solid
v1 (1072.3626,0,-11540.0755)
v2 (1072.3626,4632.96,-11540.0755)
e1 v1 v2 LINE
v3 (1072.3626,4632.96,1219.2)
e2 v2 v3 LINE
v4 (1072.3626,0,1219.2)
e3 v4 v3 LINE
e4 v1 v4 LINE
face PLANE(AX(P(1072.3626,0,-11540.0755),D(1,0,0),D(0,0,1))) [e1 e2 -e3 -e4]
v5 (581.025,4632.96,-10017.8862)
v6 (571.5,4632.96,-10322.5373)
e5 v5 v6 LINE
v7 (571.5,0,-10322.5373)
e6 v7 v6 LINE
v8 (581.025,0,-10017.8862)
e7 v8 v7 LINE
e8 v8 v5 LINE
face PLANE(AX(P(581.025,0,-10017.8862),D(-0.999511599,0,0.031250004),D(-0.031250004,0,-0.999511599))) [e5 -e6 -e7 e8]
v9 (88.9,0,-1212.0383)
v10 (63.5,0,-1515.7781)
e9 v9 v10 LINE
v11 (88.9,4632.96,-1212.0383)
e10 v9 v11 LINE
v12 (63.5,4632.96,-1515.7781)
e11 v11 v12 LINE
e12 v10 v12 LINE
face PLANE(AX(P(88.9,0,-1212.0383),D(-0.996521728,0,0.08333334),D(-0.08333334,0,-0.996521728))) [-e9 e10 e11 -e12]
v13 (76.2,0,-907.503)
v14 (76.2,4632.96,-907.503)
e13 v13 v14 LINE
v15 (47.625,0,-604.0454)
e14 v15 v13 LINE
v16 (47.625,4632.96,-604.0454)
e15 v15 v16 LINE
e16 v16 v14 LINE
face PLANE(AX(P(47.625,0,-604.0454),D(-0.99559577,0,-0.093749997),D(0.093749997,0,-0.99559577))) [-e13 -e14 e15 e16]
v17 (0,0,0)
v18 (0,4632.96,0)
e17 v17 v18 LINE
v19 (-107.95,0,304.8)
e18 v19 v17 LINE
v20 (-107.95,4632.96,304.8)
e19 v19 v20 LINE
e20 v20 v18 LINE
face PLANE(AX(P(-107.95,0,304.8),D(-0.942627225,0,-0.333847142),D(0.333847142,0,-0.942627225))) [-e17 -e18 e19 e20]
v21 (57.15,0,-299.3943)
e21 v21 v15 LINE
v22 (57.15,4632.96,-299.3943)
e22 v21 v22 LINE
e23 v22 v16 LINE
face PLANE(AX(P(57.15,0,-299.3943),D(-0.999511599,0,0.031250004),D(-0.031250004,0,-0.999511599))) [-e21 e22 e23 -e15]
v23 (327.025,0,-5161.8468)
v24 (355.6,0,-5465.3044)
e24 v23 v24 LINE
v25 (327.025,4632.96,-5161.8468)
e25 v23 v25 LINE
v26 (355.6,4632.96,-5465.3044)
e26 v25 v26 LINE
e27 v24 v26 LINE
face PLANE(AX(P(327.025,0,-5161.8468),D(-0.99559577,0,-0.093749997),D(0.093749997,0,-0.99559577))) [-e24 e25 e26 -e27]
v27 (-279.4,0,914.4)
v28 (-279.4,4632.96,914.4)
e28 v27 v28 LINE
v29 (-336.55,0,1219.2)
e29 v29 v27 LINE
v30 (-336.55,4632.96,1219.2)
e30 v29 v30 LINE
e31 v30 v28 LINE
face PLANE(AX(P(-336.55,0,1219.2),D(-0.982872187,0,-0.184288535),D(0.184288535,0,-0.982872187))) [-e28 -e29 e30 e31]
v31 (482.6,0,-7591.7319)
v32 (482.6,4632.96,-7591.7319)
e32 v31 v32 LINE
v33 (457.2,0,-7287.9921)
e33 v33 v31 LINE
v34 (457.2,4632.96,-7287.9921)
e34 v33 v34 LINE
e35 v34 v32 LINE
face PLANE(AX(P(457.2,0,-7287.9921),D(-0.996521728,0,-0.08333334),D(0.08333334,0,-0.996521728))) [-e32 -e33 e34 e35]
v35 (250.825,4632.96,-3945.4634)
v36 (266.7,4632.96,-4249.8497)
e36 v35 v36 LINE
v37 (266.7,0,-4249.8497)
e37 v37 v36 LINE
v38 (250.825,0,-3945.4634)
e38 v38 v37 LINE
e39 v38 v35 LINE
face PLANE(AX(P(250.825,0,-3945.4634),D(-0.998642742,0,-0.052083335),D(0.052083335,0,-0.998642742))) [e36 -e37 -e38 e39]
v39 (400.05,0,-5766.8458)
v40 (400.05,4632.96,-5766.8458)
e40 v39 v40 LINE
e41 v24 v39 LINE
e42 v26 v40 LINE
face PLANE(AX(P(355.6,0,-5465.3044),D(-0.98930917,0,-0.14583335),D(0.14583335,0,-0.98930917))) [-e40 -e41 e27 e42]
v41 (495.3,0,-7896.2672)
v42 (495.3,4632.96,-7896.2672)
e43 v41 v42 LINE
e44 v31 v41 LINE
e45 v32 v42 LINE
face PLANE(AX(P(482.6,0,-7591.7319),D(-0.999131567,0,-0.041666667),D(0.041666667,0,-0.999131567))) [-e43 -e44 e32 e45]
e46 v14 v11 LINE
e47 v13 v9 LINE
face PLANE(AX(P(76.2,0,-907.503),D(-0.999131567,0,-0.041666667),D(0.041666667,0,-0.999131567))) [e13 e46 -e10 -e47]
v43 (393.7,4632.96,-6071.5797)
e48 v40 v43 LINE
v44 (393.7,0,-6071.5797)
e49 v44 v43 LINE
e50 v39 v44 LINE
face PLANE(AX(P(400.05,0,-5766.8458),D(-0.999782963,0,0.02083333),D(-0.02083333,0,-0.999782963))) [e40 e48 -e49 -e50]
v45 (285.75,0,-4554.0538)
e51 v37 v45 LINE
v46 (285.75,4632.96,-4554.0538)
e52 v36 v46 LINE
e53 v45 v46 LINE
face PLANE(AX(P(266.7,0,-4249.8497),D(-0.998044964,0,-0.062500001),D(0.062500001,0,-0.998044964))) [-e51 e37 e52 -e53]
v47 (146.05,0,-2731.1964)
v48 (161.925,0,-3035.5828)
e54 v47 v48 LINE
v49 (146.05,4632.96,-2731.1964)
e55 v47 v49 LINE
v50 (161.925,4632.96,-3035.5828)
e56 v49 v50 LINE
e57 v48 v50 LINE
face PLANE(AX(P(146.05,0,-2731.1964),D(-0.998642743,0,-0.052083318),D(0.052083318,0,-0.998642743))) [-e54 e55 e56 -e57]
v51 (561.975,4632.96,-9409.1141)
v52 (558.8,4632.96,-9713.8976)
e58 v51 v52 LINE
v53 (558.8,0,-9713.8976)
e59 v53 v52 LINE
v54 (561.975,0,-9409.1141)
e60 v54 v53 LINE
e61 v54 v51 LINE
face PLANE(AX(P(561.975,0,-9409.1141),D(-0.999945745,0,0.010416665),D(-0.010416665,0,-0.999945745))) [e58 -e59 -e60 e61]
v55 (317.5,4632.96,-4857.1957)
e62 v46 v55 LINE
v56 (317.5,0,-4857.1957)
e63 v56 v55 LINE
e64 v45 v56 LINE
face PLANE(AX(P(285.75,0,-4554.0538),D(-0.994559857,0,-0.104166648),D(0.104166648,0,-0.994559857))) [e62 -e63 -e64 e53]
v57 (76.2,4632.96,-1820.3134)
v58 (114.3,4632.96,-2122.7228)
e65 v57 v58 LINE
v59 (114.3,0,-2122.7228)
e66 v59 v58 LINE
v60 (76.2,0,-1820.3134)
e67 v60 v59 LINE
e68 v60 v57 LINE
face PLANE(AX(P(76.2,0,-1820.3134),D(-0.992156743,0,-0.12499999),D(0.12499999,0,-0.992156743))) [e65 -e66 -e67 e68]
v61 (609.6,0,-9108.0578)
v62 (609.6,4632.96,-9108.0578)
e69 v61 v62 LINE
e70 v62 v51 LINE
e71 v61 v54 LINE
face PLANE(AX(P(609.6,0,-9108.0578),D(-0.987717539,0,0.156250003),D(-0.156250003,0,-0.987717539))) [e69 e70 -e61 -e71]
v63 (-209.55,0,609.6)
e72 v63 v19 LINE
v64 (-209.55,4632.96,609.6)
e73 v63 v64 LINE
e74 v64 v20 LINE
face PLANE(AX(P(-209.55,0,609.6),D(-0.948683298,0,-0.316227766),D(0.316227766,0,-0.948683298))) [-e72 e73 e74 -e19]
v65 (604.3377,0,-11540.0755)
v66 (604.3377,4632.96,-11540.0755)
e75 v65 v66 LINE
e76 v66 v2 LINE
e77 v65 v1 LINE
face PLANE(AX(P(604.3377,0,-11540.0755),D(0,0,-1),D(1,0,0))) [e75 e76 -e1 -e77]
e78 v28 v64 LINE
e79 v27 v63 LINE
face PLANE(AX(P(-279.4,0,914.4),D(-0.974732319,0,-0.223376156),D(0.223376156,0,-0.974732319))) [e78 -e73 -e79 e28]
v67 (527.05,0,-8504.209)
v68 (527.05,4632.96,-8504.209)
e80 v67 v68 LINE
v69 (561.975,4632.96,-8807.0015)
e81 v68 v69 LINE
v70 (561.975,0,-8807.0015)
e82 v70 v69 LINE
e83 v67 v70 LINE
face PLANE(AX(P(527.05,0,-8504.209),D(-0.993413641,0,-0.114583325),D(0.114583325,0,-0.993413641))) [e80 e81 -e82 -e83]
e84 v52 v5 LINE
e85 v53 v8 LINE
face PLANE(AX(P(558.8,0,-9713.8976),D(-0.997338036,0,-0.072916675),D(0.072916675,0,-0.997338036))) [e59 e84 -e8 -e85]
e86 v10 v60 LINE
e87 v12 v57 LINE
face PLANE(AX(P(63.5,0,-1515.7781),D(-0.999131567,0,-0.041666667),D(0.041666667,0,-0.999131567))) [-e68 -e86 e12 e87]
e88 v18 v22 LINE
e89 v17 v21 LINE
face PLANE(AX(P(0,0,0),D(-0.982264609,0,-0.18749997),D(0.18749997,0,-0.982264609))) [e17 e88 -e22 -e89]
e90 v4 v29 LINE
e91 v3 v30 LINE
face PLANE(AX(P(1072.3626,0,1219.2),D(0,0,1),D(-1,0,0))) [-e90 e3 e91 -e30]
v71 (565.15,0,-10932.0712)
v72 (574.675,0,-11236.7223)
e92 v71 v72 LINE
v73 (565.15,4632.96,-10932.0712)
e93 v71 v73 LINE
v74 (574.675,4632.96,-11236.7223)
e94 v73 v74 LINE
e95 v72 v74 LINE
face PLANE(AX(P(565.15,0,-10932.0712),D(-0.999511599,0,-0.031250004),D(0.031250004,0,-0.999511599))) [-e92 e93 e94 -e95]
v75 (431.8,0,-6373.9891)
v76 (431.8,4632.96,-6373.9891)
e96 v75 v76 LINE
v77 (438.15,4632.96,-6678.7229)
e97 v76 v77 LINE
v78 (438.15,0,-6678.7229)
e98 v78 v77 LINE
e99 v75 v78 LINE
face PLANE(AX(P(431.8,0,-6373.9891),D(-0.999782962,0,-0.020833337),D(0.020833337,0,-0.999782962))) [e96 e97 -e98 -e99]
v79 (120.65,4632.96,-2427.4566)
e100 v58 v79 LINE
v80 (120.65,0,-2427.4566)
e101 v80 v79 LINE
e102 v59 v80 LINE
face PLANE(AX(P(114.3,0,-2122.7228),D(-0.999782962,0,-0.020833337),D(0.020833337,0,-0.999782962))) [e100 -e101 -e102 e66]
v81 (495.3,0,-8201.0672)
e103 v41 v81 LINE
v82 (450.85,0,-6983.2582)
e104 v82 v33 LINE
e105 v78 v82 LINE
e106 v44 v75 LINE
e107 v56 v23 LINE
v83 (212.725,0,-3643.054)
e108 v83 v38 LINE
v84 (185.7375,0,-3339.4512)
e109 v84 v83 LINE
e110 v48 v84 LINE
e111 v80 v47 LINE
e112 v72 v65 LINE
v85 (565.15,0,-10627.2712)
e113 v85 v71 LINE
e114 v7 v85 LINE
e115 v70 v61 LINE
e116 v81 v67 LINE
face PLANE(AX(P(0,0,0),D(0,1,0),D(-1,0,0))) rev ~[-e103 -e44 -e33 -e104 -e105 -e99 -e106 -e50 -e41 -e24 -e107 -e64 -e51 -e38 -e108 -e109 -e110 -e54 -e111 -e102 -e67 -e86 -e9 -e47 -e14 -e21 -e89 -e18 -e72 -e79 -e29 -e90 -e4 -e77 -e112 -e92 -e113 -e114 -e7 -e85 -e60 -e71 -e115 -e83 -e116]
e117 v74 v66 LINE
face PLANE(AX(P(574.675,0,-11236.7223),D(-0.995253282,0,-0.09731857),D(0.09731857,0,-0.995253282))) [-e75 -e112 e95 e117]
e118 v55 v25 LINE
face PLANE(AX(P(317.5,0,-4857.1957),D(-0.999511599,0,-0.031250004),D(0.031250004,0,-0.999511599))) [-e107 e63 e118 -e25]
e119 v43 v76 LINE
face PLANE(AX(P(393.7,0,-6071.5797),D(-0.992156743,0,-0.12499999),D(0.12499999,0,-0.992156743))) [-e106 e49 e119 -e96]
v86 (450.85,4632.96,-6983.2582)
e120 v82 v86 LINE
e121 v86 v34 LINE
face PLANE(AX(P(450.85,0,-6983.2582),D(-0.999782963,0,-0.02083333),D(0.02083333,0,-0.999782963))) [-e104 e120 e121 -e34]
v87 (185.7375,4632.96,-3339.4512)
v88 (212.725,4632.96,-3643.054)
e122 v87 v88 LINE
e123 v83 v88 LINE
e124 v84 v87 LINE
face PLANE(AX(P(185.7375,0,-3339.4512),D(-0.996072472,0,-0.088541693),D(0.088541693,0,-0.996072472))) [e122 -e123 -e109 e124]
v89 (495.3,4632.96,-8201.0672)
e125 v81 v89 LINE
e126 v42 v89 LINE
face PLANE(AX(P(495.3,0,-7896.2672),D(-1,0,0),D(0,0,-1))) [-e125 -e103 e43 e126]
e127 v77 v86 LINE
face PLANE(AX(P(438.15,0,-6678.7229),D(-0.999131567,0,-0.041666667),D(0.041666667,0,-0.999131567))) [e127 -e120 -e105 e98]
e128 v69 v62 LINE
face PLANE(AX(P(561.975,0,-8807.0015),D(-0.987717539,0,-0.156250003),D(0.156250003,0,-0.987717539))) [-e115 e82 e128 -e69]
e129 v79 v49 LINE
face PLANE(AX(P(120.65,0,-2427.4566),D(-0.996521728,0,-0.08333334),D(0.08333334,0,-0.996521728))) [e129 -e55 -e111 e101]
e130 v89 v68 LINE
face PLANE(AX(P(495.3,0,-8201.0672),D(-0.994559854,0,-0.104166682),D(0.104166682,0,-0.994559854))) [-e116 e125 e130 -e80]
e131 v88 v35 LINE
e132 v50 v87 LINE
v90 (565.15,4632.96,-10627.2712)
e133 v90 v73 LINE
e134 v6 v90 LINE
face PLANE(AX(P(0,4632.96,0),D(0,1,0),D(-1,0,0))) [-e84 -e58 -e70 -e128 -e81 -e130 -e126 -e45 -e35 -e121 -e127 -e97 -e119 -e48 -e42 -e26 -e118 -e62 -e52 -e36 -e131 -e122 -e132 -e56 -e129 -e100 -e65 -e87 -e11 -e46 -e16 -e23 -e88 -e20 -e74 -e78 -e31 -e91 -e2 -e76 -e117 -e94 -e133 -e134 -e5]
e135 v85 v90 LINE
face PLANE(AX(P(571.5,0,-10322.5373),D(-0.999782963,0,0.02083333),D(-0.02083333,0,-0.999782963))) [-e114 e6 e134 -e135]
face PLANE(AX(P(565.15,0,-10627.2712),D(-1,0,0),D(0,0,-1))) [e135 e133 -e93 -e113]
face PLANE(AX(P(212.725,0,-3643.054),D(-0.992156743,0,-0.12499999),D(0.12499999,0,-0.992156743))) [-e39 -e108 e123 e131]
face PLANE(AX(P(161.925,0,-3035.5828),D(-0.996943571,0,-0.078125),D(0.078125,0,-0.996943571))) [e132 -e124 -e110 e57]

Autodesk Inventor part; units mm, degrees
ref_plane "XZ Plane" through (0, 0, 0) normal (0, 1, 0) x (-1, 0, 0)
sketch "Sketch1" plane through (0, 0, 0) normal (0, 1, 0) x (-1, 0, 0)
  line L0 (368.3, 1219.2) -> (368.3, -11582.4)
  line L1 (368.3, 1219.2) -> (336.55, 1219.2)
  line L2 (336.55, 1219.2) -> (279.4, 914.4)
  line L3 (279.4, 914.4) -> (209.55, 609.6)
  line L4 (209.55, 609.6) -> (107.95, 304.8)
  line L5 (107.95, 304.8) -> (0, 0)
  line L6 (0, 0) -> (-57.15, -299.3943)
  line L7 (-57.15, -299.3943) -> (-47.625, -604.0454)
  line L8 (-47.625, -604.0454) -> (-76.2, -907.503)
  line L9 (-76.2, -907.503) -> (-88.9, -1212.0383)
  line L10 (-88.9, -1212.0383) -> (-63.5, -1515.7781)
  line L11 (-63.5, -1515.7781) -> (-76.2, -1820.3134)
  line L12 (-76.2, -1820.3134) -> (-114.3, -2122.7228)
  line L13 (-114.3, -2122.7228) -> (-120.65, -2427.4566)
  line L14 (-120.65, -2427.4566) -> (-146.05, -2731.1964)
  line L15 (-146.05, -2731.1964) -> (-161.925, -3035.5828)
  line L16 (-161.925, -3035.5828) -> (-185.7375, -3339.4512)
  line L17 (-185.7375, -3339.4512) -> (-212.725, -3643.054)
  line L18 (-212.725, -3643.054) -> (-250.825, -3945.4634)
  line L19 (-250.825, -3945.4634) -> (-266.7, -4249.8497)
  line L20 (-266.7, -4249.8497) -> (-285.75, -4554.0538)
  line L21 (-285.75, -4554.0538) -> (-317.5, -4857.1957)
  line L22 (-317.5, -4857.1957) -> (-327.025, -5161.8468)
  line L23 (-327.025, -5161.8468) -> (-355.6, -5465.3044)
  line L24 (-355.6, -5465.3044) -> (-400.05, -5766.8458)
  line L25 (-400.05, -5766.8458) -> (-393.7, -6071.5797)
  line L26 (-393.7, -6071.5797) -> (-431.8, -6373.9891)
  line L27 (-431.8, -6373.9891) -> (-438.15, -6678.7229)
  line L28 (-438.15, -6678.7229) -> (-450.85, -6983.2582)
  line L29 (-450.85, -6983.2582) -> (-457.2, -7287.9921)
  line L30 (-457.2, -7287.9921) -> (-482.6, -7591.7319)
  line L31 (-482.6, -7591.7319) -> (-495.3, -7896.2672)
  line L32 (-495.3, -7896.2672) -> (-495.3, -8201.0672)
  line L33 (-495.3, -8201.0672) -> (-527.05, -8504.209)
  line L34 (-527.05, -8504.209) -> (-561.975, -8807.0015)
  line L35 (-561.975, -8807.0015) -> (-609.6, -9108.0578)
  line L36 (-609.6, -9108.0578) -> (-561.975, -9409.1141)
  line L37 (-561.975, -9409.1141) -> (-558.8, -9713.8976)
  line L38 (-558.8, -9713.8976) -> (-581.025, -10017.8862)
  line L39 (-581.025, -10017.8862) -> (-571.5, -10322.5373)
  line L40 (-571.5, -10322.5373) -> (-565.15, -10627.2712)
  line L41 (-565.15, -10627.2712) -> (-565.15, -10932.0712)
  line L42 (-565.15, -10932.0712) -> (-574.675, -11236.7223)
  line L43 (-574.675, -11236.7223) -> (-604.3377, -11540.0755)
  line L44 (-1072.3626, 1219.2) -> (336.55, 1219.2)
  line L45 (-604.3377, -11540.0755) -> (-1072.3626, -11540.0755)
  line L46 (-1072.3626, -11540.0755) -> (-1072.3626, 1219.2)
  point P0 (368.3, -5181.6)
  dimension "d4" = 1219.2
  dimension "d5" = 11582.4
  dimension "d6" = 368.3
  dimension "d8" = 31.75
  dimension "d10" = 304.8
  dimension "d14" = 88.9
  dimension "d15" = 304.8
  dimension "d16" = 304.8
  dimension "d17" = 260.35
  dimension "d18" = 158.75
  dimension "d20" = 304.8
  dimension "d21" = 425.45
  dimension "d22" = 304.8
  dimension "d23" = 415.925
  dimension "d24" = 304.8
  dimension "d25" = 444.5
  dimension "d26" = 304.8
  dimension "d27" = 457.2
  dimension "d28" = 304.8
  dimension "d29" = 431.8
  dimension "d30" = 304.8
  dimension "d31" = 444.5
  dimension "d32" = 304.8
  dimension "d33" = 482.6
  dimension "d34" = 304.8
  dimension "d35" = 488.95
  dimension "d36" = 304.8
  dimension "d37" = 514.35
  dimension "d39" = 304.8
  dimension "d40" = 530.225
  dimension "d41" = 304.8
  dimension "d42" = 554.0375
  dimension "d43" = 304.8
  dimension "d44" = 581.025
  dimension "d45" = 304.8
  dimension "d46" = 619.125
  dimension "d47" = 304.8
  dimension "d48" = 635
  dimension "d49" = 304.8
  dimension "d50" = 654.05
  dimension "d51" = 304.8
  dimension "d52" = 685.8
  dimension "d53" = 304.8
  dimension "d54" = 695.325
  dimension "d55" = 304.8
  dimension "d56" = 723.9
  dimension "d57" = 304.8
  dimension "d58" = 768.35
  dimension "d59" = 304.8
  dimension "d60" = 762
  dimension "d61" = 304.8
  dimension "d62" = 800.1
  dimension "d63" = 304.8
  dimension "d64" = 806.45
  dimension "d65" = 304.8
  dimension "d66" = 819.15
  dimension "d67" = 304.8
  dimension "d68" = 825.5
  dimension "d69" = 304.8
  dimension "d70" = 850.9
  dimension "d71" = 304.8
  dimension "d72" = 863.6
  dimension "d73" = 304.8
  dimension "d74" = 863.6
extrude "Extrusion1" add sketch "Sketch1" along normal blind 4632.96
ref_plane "Work Plane1" through (0, 0, 0) normal (1, 0, 0) x (0, 1, 0)
ref_plane "Work Plane2" through (88.9, 4632.96, -1212.0383) normal (1, 0, 0) x (0, 1, 0)
sketch "Sketch4" plane through (0, 0, 0) normal (0, -1, 0) x (1, 0, 0)
  line L0 (157.9626, -3176.5875) -> (615.1626, -3176.5875)
  line L1 (157.9626, -10517.1875) -> (615.1626, -10517.1875)
  line L2 (157.9626, -10517.1875) -> (157.9626, -3176.5875)
  line L3 (615.1626, -10517.1875) -> (615.1626, -3176.5875)
  line L4 (146.05, -2731.1964) -> (120.65, -2427.4566) projected
  line L5 (161.925, -3035.5828) -> (146.05, -2731.1964) projected
  circle A0 centre (157.9626, -3176.5875) radius 457.2
  line L6 (185.7375, -3339.4512) -> (161.925, -3035.5828) projected
  circle A1 centre (157.9626, -10517.1875) radius 457.2
  line L7 (565.15, -10932.0712) -> (565.15, -10627.2712) projected
  line L8 (565.15, -10627.2712) -> (571.5, -10322.5373) projected
  line L9 (157.9626, -3176.5875) -> (157.9626, -2719.3875)
  line L10 (157.9626, -2719.3875) -> (145.0625, -2719.3875)
  point P0 (0, 0)
  point P1 (567.4439, -10517.1875)
  point P2 (565.15, -10725.1064)
  point P3 (172.9748, -3176.5875)
  point P4 (145.0777, -2719.5691)
  point P5 (146.1045, -2732.2413)
  point P6 (157.9626, -3633.7875)
  point P7 (157.9626, -10059.9875)
  dimension "d112" = 3176.5875
  dimension "d113" = 3.9624
  dimension "d114" = 7340.6
  dimension "d115" = 457.2
extrude "Extrusion4" [suppressed]
properties part number "Elevation_Profile_Extending_NW_From_N_Edge_Of_Foundation_Where_Foundation_Meets_Ground"
